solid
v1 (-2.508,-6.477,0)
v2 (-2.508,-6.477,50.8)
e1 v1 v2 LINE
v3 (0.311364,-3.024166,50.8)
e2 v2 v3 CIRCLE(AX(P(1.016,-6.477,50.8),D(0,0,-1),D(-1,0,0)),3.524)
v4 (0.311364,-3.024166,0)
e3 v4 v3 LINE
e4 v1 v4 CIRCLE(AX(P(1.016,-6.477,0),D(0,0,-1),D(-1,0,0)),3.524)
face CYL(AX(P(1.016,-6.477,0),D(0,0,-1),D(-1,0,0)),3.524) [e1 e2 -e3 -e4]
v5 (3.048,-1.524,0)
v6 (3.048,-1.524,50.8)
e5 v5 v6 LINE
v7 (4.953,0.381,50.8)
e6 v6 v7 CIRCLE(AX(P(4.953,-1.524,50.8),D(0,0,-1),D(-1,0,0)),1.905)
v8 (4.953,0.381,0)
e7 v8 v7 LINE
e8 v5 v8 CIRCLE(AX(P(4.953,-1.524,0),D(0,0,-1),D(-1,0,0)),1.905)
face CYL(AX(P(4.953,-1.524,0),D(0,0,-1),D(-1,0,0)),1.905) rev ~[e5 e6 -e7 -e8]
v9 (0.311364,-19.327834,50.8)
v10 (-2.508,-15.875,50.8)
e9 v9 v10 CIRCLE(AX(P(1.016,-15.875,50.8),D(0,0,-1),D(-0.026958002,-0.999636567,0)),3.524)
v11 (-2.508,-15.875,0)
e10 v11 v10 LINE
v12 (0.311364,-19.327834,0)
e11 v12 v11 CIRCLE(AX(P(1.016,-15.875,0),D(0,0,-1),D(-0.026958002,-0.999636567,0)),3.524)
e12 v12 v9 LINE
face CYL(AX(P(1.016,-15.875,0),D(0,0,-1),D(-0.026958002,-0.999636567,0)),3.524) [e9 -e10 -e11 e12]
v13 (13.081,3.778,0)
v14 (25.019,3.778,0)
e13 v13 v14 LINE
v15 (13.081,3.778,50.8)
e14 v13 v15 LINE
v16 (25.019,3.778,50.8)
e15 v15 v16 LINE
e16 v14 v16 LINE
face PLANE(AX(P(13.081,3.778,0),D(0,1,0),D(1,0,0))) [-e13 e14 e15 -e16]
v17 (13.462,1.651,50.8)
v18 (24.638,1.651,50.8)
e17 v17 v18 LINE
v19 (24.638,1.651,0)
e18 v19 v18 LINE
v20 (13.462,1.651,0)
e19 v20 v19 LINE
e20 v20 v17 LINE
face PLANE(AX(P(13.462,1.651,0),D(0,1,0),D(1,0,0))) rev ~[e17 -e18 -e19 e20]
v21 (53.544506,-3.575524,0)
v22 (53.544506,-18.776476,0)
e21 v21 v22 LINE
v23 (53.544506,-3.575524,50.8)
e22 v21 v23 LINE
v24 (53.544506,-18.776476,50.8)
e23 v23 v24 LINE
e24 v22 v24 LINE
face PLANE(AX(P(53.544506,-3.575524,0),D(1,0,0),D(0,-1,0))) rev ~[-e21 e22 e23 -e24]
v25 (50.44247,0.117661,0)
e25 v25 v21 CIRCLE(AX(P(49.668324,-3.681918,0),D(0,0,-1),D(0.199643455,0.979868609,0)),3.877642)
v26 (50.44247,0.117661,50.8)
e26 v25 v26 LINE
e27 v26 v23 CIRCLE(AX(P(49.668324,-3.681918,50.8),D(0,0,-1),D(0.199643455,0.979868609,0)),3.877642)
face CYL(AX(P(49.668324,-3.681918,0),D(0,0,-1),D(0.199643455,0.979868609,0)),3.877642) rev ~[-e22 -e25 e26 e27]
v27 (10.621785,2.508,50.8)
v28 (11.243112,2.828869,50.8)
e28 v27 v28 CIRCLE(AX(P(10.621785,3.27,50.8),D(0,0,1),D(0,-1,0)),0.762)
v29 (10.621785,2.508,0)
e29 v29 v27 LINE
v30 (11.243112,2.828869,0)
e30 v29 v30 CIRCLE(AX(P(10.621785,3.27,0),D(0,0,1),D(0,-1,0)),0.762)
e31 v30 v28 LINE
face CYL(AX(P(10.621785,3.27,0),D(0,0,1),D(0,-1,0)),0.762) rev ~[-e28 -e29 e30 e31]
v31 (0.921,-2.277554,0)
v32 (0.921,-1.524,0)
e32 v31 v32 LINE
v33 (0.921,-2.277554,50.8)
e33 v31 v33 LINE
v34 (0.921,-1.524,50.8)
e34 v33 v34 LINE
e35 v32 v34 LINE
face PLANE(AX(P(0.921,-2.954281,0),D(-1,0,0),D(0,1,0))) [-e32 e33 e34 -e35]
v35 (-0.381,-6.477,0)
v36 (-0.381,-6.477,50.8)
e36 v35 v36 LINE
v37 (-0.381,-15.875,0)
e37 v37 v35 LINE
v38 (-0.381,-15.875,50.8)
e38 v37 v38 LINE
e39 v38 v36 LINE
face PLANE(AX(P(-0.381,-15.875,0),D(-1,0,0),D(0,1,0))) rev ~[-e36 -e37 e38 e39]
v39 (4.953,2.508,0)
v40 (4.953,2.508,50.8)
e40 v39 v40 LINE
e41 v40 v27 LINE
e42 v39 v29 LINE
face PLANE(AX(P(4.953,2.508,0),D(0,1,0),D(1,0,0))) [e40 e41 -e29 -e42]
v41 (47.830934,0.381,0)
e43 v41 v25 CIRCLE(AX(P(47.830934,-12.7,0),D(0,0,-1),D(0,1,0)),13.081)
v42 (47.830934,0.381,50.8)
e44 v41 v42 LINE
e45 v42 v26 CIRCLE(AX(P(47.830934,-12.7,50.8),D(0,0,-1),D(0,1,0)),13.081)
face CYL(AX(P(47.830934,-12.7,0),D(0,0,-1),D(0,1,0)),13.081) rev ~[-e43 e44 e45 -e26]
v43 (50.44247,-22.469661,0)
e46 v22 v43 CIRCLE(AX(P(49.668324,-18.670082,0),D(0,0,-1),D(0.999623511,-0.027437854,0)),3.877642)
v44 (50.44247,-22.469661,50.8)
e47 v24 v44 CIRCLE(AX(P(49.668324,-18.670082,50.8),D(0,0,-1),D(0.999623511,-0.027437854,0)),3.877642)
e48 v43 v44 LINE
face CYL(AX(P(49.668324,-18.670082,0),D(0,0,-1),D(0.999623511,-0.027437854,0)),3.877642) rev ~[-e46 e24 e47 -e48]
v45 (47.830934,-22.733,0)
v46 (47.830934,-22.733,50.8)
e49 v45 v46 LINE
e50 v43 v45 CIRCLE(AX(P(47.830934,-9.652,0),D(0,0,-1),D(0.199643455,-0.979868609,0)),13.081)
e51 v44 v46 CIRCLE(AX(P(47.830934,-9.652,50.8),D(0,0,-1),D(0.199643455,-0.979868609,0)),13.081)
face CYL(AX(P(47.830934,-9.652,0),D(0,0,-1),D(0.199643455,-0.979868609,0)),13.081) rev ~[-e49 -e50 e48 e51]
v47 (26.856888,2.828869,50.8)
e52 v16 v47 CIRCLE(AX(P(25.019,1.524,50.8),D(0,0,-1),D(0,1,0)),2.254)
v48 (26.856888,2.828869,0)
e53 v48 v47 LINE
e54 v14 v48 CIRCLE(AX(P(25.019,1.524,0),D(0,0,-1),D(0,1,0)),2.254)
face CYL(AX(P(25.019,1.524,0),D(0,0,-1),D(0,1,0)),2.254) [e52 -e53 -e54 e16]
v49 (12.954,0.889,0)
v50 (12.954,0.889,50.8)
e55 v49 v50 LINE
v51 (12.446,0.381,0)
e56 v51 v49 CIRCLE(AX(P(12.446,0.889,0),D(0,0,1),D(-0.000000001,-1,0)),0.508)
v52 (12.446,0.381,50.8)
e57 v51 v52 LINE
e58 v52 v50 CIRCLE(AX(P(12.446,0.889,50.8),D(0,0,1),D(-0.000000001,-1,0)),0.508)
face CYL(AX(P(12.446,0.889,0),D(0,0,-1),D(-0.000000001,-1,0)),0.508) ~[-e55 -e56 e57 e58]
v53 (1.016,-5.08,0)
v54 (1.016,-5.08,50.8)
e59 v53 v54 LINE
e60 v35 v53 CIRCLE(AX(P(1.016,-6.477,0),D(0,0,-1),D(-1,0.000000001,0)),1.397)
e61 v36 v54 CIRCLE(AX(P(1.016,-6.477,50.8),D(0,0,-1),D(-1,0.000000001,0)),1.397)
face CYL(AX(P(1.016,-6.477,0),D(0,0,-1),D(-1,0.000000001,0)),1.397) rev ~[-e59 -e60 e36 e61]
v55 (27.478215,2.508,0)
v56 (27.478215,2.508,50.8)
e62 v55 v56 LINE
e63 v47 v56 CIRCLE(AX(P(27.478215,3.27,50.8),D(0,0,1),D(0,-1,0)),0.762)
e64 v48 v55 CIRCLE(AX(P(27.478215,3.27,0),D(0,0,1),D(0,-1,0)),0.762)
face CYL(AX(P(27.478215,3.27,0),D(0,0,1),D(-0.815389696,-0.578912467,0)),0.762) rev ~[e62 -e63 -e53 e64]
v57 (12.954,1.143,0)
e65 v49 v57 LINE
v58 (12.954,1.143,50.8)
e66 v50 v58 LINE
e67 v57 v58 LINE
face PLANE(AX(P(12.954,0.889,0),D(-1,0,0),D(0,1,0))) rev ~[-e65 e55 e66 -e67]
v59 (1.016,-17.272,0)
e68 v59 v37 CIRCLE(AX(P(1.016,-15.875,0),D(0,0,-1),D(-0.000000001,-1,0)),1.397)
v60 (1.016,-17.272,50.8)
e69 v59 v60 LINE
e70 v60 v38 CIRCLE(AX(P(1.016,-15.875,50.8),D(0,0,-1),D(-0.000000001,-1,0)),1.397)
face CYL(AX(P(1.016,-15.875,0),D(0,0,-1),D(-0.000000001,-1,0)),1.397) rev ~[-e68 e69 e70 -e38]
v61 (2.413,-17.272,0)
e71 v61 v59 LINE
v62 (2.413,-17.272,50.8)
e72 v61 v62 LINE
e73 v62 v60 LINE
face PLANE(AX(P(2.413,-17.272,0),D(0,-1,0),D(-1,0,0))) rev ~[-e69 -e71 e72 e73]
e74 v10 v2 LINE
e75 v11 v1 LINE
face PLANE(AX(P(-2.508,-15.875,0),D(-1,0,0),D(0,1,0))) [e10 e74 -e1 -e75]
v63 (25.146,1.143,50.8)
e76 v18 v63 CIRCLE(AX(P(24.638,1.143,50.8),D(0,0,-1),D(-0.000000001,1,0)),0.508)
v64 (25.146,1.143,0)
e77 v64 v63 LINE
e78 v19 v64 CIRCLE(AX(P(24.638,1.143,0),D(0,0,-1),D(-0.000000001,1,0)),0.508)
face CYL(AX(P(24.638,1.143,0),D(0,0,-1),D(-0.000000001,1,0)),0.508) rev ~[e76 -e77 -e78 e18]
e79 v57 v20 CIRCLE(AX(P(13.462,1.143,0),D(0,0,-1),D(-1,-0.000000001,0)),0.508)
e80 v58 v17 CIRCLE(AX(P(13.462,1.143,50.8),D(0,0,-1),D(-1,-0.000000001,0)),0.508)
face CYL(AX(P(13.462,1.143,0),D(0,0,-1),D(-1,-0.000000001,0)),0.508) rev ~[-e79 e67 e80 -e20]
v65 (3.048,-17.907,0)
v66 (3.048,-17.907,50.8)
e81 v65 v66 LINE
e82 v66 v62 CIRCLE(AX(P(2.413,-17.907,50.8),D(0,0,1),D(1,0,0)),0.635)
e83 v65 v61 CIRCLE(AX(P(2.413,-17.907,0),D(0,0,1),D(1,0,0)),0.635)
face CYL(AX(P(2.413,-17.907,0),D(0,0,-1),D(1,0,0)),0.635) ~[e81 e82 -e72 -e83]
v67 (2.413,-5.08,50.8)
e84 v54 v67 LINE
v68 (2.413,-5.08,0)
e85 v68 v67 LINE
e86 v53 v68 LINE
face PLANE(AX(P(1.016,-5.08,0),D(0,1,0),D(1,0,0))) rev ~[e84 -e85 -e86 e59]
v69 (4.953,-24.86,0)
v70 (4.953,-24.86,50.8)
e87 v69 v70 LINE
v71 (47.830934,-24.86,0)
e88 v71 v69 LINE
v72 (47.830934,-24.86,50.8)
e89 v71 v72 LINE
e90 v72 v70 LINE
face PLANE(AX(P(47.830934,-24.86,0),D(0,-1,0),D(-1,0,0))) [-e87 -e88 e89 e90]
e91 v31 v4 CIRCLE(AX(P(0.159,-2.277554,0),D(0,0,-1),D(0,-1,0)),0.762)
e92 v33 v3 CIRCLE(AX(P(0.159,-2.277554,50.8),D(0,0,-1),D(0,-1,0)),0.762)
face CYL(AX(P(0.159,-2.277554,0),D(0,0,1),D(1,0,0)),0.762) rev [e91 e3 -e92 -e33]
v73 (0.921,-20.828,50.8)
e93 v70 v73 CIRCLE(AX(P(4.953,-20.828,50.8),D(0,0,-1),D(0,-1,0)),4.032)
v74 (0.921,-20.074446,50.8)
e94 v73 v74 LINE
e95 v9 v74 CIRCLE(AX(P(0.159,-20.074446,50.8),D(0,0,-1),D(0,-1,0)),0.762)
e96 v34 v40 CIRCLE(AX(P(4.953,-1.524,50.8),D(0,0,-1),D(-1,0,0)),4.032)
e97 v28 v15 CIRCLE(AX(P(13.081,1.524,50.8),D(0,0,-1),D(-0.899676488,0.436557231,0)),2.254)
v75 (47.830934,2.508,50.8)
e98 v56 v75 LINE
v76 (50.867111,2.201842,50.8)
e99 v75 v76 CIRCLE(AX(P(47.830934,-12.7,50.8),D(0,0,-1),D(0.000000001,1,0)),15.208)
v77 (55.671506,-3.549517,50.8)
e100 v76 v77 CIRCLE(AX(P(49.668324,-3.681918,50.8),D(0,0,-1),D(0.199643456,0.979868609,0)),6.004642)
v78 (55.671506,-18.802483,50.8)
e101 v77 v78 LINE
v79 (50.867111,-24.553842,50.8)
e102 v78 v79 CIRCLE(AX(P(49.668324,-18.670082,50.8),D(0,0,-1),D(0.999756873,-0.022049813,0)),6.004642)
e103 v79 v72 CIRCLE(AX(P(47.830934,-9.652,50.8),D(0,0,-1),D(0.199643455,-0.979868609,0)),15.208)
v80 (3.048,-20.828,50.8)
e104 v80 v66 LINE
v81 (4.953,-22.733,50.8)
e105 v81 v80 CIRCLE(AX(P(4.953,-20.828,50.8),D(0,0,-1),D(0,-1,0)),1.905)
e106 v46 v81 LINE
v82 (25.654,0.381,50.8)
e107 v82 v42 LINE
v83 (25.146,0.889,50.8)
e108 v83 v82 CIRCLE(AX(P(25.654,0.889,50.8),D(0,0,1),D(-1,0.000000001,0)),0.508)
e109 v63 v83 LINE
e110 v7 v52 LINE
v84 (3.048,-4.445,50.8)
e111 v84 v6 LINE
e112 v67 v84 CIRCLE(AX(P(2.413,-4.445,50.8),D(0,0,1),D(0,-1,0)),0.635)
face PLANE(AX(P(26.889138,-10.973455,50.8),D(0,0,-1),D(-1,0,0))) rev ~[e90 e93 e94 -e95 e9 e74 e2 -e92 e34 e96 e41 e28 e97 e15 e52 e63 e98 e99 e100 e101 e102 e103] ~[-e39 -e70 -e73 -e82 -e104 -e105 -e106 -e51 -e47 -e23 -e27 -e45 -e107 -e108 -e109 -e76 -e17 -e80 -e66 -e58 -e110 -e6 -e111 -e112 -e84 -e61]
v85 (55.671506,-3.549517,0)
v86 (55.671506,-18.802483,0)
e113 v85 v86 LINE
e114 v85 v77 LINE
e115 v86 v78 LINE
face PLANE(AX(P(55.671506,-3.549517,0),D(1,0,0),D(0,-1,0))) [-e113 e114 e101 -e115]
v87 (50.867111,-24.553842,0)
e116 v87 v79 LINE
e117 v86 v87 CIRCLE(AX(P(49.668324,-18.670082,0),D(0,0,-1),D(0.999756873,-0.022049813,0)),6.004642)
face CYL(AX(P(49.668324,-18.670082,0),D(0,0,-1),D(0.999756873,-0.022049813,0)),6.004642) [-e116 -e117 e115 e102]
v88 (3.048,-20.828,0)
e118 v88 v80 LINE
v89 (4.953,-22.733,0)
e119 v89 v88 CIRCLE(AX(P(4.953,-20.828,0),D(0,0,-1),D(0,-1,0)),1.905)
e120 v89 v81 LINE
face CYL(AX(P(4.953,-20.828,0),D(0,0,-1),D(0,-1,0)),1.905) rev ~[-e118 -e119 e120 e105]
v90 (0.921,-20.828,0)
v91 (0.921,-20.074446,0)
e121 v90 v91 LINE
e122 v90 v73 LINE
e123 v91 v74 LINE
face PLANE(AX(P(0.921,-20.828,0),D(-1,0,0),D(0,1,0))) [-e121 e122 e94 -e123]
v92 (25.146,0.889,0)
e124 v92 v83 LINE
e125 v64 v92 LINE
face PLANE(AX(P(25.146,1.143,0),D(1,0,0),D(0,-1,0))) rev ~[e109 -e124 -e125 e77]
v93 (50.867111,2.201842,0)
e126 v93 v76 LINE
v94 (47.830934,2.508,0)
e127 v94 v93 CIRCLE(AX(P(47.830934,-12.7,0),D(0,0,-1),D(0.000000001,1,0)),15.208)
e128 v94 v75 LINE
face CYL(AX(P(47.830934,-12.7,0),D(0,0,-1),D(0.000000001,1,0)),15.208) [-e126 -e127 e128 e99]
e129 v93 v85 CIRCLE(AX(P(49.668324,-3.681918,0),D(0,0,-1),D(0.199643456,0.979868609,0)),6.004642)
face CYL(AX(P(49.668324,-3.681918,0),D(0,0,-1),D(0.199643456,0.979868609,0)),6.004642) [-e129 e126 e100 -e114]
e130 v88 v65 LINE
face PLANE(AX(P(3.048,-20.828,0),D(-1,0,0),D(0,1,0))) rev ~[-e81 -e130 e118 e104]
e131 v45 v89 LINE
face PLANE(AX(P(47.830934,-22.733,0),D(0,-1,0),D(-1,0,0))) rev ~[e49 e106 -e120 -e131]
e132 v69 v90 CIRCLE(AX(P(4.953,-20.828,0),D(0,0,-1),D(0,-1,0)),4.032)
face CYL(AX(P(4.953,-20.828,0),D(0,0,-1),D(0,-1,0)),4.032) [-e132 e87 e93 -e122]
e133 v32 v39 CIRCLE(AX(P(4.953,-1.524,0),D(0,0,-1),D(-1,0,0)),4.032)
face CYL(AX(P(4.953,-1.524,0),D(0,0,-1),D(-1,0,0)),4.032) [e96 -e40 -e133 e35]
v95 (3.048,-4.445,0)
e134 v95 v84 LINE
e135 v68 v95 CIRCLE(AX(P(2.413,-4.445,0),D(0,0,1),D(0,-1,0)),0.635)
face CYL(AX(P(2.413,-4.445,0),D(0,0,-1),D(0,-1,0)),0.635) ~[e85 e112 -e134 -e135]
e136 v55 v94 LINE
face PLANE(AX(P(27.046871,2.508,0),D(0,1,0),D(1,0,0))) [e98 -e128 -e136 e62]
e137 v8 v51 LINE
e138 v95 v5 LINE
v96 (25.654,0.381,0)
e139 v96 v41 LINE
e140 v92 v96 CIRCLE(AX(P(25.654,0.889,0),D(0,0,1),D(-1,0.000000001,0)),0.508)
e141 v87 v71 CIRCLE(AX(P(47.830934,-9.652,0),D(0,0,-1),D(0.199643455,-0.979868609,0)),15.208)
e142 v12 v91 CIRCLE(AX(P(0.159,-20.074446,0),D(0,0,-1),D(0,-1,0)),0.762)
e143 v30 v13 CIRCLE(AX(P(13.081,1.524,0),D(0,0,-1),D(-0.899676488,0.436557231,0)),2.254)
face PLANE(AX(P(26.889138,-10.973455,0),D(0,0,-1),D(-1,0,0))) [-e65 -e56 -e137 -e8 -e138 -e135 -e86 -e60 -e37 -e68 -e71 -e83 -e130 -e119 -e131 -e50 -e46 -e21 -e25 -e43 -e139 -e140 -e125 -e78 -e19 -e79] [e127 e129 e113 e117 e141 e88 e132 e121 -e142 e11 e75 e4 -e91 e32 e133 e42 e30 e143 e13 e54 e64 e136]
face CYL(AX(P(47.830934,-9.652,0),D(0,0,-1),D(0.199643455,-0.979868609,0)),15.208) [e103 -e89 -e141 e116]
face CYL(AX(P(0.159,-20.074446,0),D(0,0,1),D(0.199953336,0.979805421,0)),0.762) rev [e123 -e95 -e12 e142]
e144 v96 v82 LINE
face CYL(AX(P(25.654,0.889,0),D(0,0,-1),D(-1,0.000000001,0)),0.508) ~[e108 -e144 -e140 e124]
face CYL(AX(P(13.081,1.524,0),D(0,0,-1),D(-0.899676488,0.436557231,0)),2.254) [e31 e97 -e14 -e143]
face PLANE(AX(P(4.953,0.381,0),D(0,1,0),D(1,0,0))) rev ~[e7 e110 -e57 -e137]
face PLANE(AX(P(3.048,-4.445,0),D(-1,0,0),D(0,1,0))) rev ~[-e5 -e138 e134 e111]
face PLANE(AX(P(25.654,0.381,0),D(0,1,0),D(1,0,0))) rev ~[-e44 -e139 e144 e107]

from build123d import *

# Parameters (mm, degrees)
BOSS_EXTRUDE1_DEPTH = 50.8
FILLET1_R           = 0.762


with BuildPart() as part:
    # Sketch1 → Boss-Extrude1 (new body)
    with BuildSketch(Plane.XY):
        with BuildLine():
            Line((0.921, -2.954280738), (0.921, -1.524))
            ThreePointArc((0.921, -1.524), (2.101945458, 1.327054542), (4.953, 2.508))
            Line((4.953, 2.508), (11.053129195, 2.508))
            ThreePointArc((11.053129195, 2.508), (11.884634671, 3.434294742), (13.081, 3.778))
            Line((13.081, 3.778), (25.019, 3.778))
            ThreePointArc((25.019, 3.778), (26.215365329, 3.434294742), (27.046870805, 2.508))
            Line((27.046870805, 2.508), (47.830933704, 2.508))
            ThreePointArc((47.830933704, 2.508), (49.356721017, 2.431266869), (50.867111376, 2.201841804))
            ThreePointArc((50.867111376, 2.201841804), (54.276645107, 0.167640195), (55.671506067, -3.549517234))
            Line((55.671506067, -3.549517234), (55.671506067, -18.802482766))
            ThreePointArc((55.671506067, -18.802482766), (54.276645107, -22.519640195), (50.867111376, -24.553841804))
            ThreePointArc((50.867111376, -24.553841804), (49.356721017, -24.783266869), (47.830933704, -24.86))
            Line((47.830933704, -24.86), (4.953, -24.86))
            ThreePointArc((4.953, -24.86), (2.101945458, -23.679054542), (0.921, -20.828))
            Line((0.921, -20.828), (0.921, -19.397719262))
            ThreePointArc((0.921, -19.397719262), (-1.509208506, -18.333027258), (-2.508, -15.875))
            Line((-2.508, -15.875), (-2.508, -6.477))
            ThreePointArc((-2.508, -6.477), (-1.509208506, -4.018972742), (0.921, -2.954280738))
        make_face()
        with BuildLine():
            Line((12.954, 0.889), (12.954, 1.143))
            ThreePointArc((12.954, 1.143), (13.102789755, 1.502210245), (13.462, 1.651))
            Line((13.462, 1.651), (24.638, 1.651))
            ThreePointArc((24.638, 1.651), (24.997210245, 1.502210245), (25.146, 1.143))
            Line((25.146, 1.143), (25.146, 0.889))
            ThreePointArc((25.146, 0.889), (25.294789755, 0.529789755), (25.654, 0.381))
            Line((25.654, 0.381), (47.830933704, 0.381))
            ThreePointArc((47.830933704, 0.381), (49.143323488, 0.314998811), (50.442469746, 0.117661273))
            ThreePointArc((50.442469746, 0.117661273), (52.637548133, -1.187962697), (53.544506067, -3.575524294))
            Line((53.544506067, -3.575524294), (53.544506067, -18.776475706))
            ThreePointArc((53.544506067, -18.776475706), (52.637548133, -21.164037303), (50.442469746, -22.469661273))
            ThreePointArc((50.442469746, -22.469661273), (49.143323488, -22.666998811), (47.830933704, -22.733))
            Line((47.830933704, -22.733), (4.953, -22.733))
            ThreePointArc((4.953, -22.733), (3.605961582, -22.175038418), (3.048, -20.828))
            Line((3.048, -20.828), (3.048, -17.907))
            ThreePointArc((3.048, -17.907), (2.862012806, -17.457987194), (2.413, -17.272))
            Line((2.413, -17.272), (1.016, -17.272))
            ThreePointArc((1.016, -17.272), (0.028171827, -16.862828173), (-0.381, -15.875))
            Line((-0.381, -15.875), (-0.381, -6.477))
            ThreePointArc((-0.381, -6.477), (0.028171827, -5.489171827), (1.016, -5.08))
            Line((1.016, -5.08), (2.413, -5.08))
            ThreePointArc((2.413, -5.08), (2.862012806, -4.894012806), (3.048, -4.445))
            Line((3.048, -4.445), (3.048, -1.524))
            ThreePointArc((3.048, -1.524), (3.605961582, -0.176961582), (4.953, 0.381))
            Line((4.953, 0.381), (12.446, 0.381))
            ThreePointArc((12.446, 0.381), (12.805210245, 0.529789755), (12.954, 0.889))
        make_face(mode=Mode.SUBTRACT)
    extrude(amount=BOSS_EXTRUDE1_DEPTH)

    # Fillet1
    fillet1_edges = [part.edges().sort_by_distance(p)[0] for p in [
        (0.921, -2.954280738, 25.4),
        (0.921, -19.397719262, 25.4),
        (27.046870805, 2.508, 25.4),
        (11.053129195, 2.508, 25.4),
    ]]
    fillet(fillet1_edges, radius=FILLET1_R)


solid = part.part
